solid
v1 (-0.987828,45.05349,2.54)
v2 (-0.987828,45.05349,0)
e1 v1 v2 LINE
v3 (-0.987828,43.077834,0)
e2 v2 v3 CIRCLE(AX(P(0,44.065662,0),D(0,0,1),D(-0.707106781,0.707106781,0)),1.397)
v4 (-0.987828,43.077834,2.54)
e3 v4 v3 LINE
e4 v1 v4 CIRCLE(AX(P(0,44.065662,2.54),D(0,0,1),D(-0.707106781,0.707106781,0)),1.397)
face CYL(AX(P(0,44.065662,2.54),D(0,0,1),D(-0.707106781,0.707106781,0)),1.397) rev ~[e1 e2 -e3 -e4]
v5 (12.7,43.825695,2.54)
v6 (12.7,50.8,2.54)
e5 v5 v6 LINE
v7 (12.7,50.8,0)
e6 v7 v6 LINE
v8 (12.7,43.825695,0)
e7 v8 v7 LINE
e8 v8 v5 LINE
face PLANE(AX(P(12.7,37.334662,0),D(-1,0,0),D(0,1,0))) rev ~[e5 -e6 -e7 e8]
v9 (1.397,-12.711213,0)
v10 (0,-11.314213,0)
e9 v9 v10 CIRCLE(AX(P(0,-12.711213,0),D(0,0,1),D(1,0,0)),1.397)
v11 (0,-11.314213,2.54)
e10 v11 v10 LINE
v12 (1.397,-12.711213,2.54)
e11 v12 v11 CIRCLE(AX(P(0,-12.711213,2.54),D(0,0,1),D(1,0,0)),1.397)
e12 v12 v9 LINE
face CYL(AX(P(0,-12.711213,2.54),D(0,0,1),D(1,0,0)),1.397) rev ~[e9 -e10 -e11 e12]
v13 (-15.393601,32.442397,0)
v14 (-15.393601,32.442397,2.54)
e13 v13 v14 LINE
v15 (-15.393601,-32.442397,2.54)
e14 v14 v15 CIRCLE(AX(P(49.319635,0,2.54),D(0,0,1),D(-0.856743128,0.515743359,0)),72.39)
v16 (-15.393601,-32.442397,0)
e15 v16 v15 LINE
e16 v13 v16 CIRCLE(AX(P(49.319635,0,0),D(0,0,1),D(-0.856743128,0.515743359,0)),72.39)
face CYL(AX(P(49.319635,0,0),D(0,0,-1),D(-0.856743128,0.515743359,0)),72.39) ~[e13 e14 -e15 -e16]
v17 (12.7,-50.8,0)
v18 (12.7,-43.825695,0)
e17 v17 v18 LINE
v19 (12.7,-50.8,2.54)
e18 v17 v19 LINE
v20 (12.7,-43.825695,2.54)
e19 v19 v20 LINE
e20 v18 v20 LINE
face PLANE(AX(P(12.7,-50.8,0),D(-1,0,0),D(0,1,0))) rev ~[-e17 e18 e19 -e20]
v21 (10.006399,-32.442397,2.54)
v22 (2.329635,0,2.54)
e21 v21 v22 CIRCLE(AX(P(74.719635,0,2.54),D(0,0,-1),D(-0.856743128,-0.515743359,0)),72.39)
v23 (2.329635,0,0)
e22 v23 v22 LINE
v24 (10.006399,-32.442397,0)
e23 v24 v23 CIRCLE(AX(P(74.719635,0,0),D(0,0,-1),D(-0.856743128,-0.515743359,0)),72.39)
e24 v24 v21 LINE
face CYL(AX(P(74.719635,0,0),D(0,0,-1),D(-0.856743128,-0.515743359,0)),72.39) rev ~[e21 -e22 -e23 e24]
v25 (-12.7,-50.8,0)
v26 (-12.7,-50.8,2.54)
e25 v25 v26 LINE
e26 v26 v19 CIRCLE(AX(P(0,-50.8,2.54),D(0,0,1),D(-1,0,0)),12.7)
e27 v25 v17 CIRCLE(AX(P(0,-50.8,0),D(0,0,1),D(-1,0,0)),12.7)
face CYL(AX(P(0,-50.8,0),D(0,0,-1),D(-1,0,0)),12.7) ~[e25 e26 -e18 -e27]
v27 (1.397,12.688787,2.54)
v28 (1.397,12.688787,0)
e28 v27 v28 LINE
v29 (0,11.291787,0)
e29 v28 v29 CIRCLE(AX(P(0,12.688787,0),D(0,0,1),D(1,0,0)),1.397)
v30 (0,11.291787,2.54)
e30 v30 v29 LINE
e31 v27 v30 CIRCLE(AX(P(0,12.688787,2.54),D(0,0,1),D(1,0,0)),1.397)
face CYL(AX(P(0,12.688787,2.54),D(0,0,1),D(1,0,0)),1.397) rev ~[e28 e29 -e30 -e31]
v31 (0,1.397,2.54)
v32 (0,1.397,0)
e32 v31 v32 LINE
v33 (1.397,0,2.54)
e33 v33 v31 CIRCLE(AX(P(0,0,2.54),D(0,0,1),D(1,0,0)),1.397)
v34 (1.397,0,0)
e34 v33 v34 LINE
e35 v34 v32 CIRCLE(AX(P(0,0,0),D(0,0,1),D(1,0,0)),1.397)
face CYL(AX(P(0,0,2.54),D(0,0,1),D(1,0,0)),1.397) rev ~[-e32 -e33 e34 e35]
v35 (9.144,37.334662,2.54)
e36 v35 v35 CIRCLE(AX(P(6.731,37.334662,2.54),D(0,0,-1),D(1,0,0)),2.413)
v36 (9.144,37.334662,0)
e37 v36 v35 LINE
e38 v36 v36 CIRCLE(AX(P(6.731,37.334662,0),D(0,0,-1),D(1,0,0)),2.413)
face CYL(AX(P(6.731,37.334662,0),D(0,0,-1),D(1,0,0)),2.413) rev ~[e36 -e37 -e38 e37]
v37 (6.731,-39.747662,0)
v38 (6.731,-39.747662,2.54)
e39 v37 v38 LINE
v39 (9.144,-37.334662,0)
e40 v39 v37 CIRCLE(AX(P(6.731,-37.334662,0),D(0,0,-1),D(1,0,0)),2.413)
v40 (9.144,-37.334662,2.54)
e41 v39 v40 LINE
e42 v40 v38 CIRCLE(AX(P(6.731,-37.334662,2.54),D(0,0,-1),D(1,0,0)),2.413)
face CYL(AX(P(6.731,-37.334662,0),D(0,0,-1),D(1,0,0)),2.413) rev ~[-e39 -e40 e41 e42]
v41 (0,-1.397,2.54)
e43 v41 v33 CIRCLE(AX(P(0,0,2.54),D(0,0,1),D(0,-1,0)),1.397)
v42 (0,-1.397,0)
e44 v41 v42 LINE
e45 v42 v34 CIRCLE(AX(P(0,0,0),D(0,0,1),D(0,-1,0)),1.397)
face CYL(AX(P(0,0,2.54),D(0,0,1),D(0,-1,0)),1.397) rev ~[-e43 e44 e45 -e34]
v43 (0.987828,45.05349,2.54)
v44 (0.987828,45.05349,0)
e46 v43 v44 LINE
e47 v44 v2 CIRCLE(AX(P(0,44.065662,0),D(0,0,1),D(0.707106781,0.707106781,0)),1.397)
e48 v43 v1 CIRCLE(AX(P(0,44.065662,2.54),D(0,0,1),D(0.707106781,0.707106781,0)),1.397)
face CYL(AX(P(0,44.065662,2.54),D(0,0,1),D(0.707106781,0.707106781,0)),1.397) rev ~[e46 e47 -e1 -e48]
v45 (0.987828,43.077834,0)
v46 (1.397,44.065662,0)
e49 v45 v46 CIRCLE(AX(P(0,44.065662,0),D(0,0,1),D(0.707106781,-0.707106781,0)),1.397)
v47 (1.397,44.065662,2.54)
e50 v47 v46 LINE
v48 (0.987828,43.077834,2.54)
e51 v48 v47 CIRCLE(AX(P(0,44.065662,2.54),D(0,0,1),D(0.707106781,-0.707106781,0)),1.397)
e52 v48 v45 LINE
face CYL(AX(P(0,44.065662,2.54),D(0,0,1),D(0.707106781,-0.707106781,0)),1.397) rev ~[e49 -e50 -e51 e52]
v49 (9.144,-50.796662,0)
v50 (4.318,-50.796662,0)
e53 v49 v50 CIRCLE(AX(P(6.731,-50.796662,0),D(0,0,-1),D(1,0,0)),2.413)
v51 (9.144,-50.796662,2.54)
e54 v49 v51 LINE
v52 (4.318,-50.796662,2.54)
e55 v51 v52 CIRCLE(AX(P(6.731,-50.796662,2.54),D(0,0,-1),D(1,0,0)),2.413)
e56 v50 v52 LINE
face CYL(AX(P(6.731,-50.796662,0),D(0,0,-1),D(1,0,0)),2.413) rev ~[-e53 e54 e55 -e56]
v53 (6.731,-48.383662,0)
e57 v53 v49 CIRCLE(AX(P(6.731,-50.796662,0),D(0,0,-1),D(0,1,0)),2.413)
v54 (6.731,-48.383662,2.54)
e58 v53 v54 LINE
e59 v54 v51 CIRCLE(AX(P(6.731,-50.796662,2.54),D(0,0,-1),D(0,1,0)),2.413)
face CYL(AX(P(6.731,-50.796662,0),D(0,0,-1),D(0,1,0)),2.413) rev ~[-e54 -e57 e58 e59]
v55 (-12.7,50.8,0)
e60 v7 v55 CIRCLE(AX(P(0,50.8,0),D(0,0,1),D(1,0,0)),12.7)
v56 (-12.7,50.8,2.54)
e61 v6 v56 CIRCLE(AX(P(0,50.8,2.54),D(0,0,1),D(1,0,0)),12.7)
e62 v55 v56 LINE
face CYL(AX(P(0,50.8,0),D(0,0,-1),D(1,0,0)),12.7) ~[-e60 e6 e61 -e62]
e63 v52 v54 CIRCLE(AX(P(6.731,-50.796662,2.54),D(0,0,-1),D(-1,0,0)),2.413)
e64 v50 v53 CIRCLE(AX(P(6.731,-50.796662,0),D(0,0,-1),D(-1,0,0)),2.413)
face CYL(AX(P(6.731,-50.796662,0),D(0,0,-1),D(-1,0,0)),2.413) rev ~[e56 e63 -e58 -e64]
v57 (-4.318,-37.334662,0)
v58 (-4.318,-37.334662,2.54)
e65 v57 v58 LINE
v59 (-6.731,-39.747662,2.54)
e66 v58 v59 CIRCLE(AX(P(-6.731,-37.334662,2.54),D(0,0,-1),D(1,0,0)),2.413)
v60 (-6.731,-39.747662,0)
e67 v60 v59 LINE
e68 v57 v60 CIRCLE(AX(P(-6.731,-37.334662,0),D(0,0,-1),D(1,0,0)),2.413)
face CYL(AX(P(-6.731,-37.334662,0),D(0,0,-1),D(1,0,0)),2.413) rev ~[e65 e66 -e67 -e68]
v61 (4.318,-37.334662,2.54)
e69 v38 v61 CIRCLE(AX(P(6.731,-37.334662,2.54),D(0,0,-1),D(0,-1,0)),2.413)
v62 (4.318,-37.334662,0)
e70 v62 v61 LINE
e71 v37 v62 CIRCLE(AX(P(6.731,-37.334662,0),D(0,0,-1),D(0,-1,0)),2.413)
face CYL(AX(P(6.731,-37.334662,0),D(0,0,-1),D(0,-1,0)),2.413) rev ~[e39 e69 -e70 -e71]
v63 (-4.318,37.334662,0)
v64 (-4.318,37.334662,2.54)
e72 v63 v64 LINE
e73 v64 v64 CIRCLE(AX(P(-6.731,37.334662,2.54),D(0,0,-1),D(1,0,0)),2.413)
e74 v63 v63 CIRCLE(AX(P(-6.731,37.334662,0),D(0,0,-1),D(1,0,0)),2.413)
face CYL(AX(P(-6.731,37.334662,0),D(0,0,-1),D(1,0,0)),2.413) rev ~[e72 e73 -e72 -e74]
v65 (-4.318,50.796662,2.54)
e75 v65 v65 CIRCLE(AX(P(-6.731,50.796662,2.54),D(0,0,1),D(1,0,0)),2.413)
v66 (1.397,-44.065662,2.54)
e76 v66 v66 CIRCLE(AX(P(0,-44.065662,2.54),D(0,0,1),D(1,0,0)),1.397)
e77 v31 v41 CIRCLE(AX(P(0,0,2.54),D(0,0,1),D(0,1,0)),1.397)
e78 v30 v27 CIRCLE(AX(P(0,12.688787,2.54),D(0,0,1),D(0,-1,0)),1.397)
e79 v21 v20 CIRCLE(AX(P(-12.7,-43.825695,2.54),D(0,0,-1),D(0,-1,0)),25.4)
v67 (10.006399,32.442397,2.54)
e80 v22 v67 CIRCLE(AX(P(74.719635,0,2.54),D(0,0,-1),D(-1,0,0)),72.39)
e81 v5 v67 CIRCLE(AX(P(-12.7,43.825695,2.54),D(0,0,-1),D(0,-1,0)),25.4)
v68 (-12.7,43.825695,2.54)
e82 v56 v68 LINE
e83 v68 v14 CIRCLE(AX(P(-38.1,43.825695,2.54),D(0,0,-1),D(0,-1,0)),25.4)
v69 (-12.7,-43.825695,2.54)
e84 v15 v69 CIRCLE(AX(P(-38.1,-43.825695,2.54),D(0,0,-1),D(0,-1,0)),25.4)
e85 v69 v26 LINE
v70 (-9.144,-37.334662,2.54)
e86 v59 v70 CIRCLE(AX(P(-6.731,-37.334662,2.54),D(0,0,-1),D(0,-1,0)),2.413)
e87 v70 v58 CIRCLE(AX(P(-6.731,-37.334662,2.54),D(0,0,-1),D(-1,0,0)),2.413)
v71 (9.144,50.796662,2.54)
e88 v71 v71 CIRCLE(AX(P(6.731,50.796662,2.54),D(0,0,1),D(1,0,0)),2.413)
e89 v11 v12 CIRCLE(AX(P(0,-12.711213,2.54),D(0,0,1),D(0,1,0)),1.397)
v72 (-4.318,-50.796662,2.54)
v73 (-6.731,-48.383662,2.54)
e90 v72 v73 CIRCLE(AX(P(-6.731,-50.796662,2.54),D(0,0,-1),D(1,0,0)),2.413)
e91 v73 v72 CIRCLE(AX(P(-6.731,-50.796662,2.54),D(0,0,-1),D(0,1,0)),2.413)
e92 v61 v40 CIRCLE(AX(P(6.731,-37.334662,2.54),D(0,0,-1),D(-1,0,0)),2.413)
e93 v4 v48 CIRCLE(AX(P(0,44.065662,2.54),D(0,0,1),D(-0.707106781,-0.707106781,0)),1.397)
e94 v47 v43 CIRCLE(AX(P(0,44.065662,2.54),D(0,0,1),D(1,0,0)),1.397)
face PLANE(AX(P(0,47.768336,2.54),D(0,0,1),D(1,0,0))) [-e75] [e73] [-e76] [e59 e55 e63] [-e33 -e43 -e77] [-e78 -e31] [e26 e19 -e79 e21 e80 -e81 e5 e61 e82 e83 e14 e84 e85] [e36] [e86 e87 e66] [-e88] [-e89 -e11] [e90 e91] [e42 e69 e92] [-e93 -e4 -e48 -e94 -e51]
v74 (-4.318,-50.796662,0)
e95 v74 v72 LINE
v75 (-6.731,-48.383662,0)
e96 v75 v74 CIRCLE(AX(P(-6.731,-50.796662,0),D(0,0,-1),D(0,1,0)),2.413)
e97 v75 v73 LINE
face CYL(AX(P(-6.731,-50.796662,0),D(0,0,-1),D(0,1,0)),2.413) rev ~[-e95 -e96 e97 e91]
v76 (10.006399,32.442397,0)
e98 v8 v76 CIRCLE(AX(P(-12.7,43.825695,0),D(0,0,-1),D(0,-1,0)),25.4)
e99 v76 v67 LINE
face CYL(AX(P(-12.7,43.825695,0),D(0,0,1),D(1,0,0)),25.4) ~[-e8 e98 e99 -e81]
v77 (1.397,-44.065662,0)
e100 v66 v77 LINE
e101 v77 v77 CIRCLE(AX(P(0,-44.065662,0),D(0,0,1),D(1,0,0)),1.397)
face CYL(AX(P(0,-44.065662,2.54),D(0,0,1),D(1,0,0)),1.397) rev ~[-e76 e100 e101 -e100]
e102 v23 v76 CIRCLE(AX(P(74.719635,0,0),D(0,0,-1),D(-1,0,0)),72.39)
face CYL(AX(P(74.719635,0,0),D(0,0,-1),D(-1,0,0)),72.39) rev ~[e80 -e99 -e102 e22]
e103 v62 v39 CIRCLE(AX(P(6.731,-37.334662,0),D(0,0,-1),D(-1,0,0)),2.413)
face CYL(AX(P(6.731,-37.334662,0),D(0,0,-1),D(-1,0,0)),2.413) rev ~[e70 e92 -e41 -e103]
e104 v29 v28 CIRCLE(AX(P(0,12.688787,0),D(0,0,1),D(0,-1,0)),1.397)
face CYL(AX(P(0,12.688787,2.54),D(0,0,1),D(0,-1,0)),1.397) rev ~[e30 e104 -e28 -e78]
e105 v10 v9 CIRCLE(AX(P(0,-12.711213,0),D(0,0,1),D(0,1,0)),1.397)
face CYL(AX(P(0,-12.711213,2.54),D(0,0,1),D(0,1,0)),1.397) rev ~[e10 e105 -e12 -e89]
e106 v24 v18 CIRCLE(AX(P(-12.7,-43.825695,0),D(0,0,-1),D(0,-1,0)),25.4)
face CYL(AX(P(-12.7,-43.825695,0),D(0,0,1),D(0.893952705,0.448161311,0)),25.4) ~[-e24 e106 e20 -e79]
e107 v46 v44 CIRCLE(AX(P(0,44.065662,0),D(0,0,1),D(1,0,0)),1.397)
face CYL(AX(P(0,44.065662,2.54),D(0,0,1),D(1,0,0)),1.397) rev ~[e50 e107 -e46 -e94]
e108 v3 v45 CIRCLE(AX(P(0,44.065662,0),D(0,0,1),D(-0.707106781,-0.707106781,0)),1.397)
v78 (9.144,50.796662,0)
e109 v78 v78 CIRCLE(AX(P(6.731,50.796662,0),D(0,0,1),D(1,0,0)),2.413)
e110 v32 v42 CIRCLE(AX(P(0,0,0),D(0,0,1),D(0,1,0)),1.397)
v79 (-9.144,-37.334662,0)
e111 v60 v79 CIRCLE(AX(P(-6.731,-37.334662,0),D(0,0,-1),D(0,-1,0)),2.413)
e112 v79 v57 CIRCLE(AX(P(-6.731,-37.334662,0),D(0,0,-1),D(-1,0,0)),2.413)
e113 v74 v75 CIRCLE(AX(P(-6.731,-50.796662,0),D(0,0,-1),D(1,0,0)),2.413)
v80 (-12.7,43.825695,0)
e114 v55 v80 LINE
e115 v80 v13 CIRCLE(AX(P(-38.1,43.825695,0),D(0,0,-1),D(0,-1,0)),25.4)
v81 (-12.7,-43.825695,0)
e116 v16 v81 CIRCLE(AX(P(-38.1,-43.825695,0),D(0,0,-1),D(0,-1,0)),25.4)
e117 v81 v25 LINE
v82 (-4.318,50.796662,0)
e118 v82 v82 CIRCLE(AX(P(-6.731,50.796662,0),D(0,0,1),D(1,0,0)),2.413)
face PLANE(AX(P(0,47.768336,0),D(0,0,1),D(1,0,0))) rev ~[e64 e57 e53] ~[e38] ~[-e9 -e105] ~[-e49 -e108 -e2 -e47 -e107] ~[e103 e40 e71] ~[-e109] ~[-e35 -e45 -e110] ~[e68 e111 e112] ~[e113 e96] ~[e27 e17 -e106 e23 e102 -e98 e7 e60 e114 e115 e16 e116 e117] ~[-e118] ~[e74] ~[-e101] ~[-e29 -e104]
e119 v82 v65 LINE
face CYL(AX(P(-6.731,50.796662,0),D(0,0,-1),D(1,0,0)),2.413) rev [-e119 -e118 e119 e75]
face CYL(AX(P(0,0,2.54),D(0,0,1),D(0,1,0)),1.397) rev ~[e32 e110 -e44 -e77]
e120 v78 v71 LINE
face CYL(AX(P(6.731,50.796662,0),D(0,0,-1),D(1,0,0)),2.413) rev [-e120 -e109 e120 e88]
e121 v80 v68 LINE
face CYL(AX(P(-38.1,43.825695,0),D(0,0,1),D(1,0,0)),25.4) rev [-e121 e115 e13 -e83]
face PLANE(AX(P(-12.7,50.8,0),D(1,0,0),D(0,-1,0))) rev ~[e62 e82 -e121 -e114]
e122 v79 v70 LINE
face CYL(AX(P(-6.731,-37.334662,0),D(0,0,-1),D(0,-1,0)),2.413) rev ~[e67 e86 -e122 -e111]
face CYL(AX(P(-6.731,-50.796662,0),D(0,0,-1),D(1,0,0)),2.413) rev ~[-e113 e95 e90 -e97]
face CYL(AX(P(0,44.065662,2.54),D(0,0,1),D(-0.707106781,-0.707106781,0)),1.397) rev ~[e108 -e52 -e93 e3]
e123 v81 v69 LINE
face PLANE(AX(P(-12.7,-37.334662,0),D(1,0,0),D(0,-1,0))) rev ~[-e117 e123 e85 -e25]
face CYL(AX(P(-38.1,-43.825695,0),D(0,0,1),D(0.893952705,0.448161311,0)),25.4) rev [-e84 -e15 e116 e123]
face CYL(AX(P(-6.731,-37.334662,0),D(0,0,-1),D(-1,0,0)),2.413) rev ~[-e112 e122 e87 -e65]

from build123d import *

# Parameters (mm, degrees)
F0_R     = 2.413
F1_DEPTH = 2.54
F2_R     = 1.397
F3_DEPTH = 2.541
F4_R     = 25.4


with BuildPart() as f1:
    # F0 (on Top) → F1 (new body)
    with BuildSketch(Plane.XY):
        with BuildLine():
            Line((12.7, 37.3346617284), (12.7, 50.8))
            ThreePointArc((12.7, 50.8), (0, 63.5), (-12.7, 50.8))
            Line((-12.7, 50.8), (-12.7, 37.3346617284))
            Line((-12.7, 37.3346617284), (-9.144, 37.3346617284))
            ThreePointArc((-9.144, 37.3346617284), (-6.731, 39.7476617284), (-4.318, 37.3346617284))
            Line((-4.318, 37.3346617284), (4.318, 37.3346617284))
            ThreePointArc((4.318, 37.3346617284), (6.731, 39.7476617284), (9.144, 37.3346617284))
            Line((9.144, 37.3346617284), (12.7, 37.3346617284))
        make_face()
        with Locations((-6.731, 50.7966617284)):
            Circle(F0_R, mode=Mode.SUBTRACT)
        with Locations((6.731, 50.7966617284)):
            Circle(F0_R, mode=Mode.SUBTRACT)
        with BuildLine():
            ThreePointArc((2.3296350653, 0), (4.9703931971, 19.3740898835), (12.7, 37.3346617284))
            Line((12.7, 37.3346617284), (9.144, 37.3346617284))
            ThreePointArc((9.144, 37.3346617284), (6.731, 34.9216617284), (4.318, 37.3346617284))
            Line((4.318, 37.3346617284), (-4.318, 37.3346617284))
            ThreePointArc((-4.318, 37.3346617284), (-6.731, 34.9216617284), (-9.144, 37.3346617284))
            Line((-9.144, 37.3346617284), (-12.7, 37.3346617284))
            Line((-12.7, 37.3346617284), (-12.7, -37.3346617284))
            Line((-12.7, -37.3346617284), (-9.144, -37.3346617284))
            ThreePointArc((-9.144, -37.3346617284), (-6.731, -34.9216617284), (-4.318, -37.3346617284))
            Line((-4.318, -37.3346617284), (4.318, -37.3346617284))
            ThreePointArc((4.318, -37.3346617284), (6.731, -34.9216617284), (9.144, -37.3346617284))
            Line((9.144, -37.3346617284), (12.7, -37.3346617284))
            ThreePointArc((12.7, -37.3346617284), (4.9703931971, -19.3740898835), (2.3296350653, 0))
        make_face()
        with BuildLine():
            Line((-12.7, -37.3346617284), (-12.7, 37.3346617284))
            ThreePointArc((-12.7, 37.3346617284), (-23.0703649347, 0), (-12.7, -37.3346617284))
        make_face()
        with BuildLine():
            Line((12.7, -50.8), (12.7, -37.3346617284))
            Line((12.7, -37.3346617284), (9.144, -37.3346617284))
            ThreePointArc((9.144, -37.3346617284), (8.437248663, -39.0409103914), (6.731, -39.7476617284))
            Line((6.731, -39.7476617284), (6.731, -48.3836617284))
            ThreePointArc((6.731, -48.3836617284), (8.437248663, -49.0904130654), (9.144, -50.7966617284))
            ThreePointArc((9.144, -50.7966617284), (6.731, -53.2096617284), (4.318, -50.7966617284))
            Line((4.318, -50.7966617284), (-4.318, -50.7966617284))
            ThreePointArc((-4.318, -50.7966617284), (-8.437248663, -52.5029103914), (-6.731, -48.3836617284))
            Line((-6.731, -48.3836617284), (-6.731, -39.7476617284))
            ThreePointArc((-6.731, -39.7476617284), (-8.437248663, -39.0409103914), (-9.144, -37.3346617284))
            Line((-9.144, -37.3346617284), (-12.7, -37.3346617284))
            Line((-12.7, -37.3346617284), (-12.7, -50.8))
            ThreePointArc((-12.7, -50.8), (0, -63.5), (12.7, -50.8))
        make_face()
        with BuildLine():
            ThreePointArc((6.731, -39.7476617284), (5.024751337, -39.0409103914), (4.318, -37.3346617284))
            Line((4.318, -37.3346617284), (-4.318, -37.3346617284))
            ThreePointArc((-4.318, -37.3346617284), (-5.024751337, -39.0409103914), (-6.731, -39.7476617284))
            Line((-6.731, -39.7476617284), (-6.731, -48.3836617284))
            ThreePointArc((-6.731, -48.3836617284), (-5.024751337, -49.0904130654), (-4.318, -50.7966617284))
            Line((-4.318, -50.7966617284), (4.318, -50.7966617284))
            ThreePointArc((4.318, -50.7966617284), (5.024751337, -49.0904130654), (6.731, -48.3836617284))
            Line((6.731, -48.3836617284), (6.731, -39.7476617284))
        make_face()
    extrude(amount=F1_DEPTH)

    # F2 (on face) → F3 (cut, through all)
    with BuildSketch(Plane.XY.offset(2.54)):
        with BuildLine():
            ThreePointArc((0, -1.397), (0.9878281733, -0.9878281733), (1.397, 0))
            ThreePointArc((1.397, 0), (0.9878281733, 0.9878281733), (0, 1.397))
            Line((0, 1.397), (0, -1.397))
        make_face()
        with BuildLine():
            ThreePointArc((1.397, -12.7112130487), (0.9878281733, -11.7233848754), (0, -11.3142130487))
            ThreePointArc((0, -11.3142130487), (-0.9878281733, -13.699041222), (1.397, -12.7112130487))
        make_face()
        with BuildLine():
            ThreePointArc((1.397, 12.6887869513), (-0.9878281733, 13.6766151246), (0, 11.2917869513))
            ThreePointArc((0, 11.2917869513), (0.9878281733, 11.700958778), (1.397, 12.6887869513))
        make_face()
        with BuildLine():
            Line((0, -1.397), (0, 1.397))
            ThreePointArc((0, 1.397), (-1.397, 0), (0, -1.397))
        make_face()
        with BuildLine():
            ThreePointArc((0.9878281733, 45.0534899017), (0, 45.4626617284), (-0.9878281733, 45.0534899017))
            Line((-0.9878281733, 45.0534899017), (0, 44.0656617284))
            Line((0, 44.0656617284), (0.9878281733, 45.0534899017))
        make_face()
        with BuildLine():
            Line((0, 44.0656617284), (-0.9878281733, 45.0534899017))
            ThreePointArc((-0.9878281733, 45.0534899017), (-1.397, 44.0656617284), (-0.9878281733, 43.0778335551))
            Line((-0.9878281733, 43.0778335551), (0, 44.0656617284))
        make_face()
        with BuildLine():
            Line((0.9878281733, 45.0534899017), (0, 44.0656617284))
            Line((0, 44.0656617284), (0.9878281733, 43.0778335551))
            ThreePointArc((0.9878281733, 43.0778335551), (1.2906597069, 43.5310529734), (1.397, 44.0656617284))
            ThreePointArc((1.397, 44.0656617284), (1.2906597069, 44.6002704834), (0.9878281733, 45.0534899017))
        make_face()
        with BuildLine():
            Line((0.9878281733, 43.0778335551), (0, 44.0656617284))
            Line((0, 44.0656617284), (-0.9878281733, 43.0778335551))
            ThreePointArc((-0.9878281733, 43.0778335551), (0, 42.6686617284), (0.9878281733, 43.0778335551))
        make_face()
        with Locations((0, -44.0656617284)):
            Circle(F2_R)
    extrude(amount=-F3_DEPTH, mode=Mode.SUBTRACT)

    # F4
    f4_edges = [f1.edges().sort_by_distance(p)[0] for p in [
        (12.7, 37.334662, 1.27),
        (12.7, -37.334662, 1.27),
        (-12.7, 37.334662, 1.27),
        (-12.7, -37.334662, 1.27),
    ]]
    fillet(f4_edges, radius=F4_R)


solid = f1.part
